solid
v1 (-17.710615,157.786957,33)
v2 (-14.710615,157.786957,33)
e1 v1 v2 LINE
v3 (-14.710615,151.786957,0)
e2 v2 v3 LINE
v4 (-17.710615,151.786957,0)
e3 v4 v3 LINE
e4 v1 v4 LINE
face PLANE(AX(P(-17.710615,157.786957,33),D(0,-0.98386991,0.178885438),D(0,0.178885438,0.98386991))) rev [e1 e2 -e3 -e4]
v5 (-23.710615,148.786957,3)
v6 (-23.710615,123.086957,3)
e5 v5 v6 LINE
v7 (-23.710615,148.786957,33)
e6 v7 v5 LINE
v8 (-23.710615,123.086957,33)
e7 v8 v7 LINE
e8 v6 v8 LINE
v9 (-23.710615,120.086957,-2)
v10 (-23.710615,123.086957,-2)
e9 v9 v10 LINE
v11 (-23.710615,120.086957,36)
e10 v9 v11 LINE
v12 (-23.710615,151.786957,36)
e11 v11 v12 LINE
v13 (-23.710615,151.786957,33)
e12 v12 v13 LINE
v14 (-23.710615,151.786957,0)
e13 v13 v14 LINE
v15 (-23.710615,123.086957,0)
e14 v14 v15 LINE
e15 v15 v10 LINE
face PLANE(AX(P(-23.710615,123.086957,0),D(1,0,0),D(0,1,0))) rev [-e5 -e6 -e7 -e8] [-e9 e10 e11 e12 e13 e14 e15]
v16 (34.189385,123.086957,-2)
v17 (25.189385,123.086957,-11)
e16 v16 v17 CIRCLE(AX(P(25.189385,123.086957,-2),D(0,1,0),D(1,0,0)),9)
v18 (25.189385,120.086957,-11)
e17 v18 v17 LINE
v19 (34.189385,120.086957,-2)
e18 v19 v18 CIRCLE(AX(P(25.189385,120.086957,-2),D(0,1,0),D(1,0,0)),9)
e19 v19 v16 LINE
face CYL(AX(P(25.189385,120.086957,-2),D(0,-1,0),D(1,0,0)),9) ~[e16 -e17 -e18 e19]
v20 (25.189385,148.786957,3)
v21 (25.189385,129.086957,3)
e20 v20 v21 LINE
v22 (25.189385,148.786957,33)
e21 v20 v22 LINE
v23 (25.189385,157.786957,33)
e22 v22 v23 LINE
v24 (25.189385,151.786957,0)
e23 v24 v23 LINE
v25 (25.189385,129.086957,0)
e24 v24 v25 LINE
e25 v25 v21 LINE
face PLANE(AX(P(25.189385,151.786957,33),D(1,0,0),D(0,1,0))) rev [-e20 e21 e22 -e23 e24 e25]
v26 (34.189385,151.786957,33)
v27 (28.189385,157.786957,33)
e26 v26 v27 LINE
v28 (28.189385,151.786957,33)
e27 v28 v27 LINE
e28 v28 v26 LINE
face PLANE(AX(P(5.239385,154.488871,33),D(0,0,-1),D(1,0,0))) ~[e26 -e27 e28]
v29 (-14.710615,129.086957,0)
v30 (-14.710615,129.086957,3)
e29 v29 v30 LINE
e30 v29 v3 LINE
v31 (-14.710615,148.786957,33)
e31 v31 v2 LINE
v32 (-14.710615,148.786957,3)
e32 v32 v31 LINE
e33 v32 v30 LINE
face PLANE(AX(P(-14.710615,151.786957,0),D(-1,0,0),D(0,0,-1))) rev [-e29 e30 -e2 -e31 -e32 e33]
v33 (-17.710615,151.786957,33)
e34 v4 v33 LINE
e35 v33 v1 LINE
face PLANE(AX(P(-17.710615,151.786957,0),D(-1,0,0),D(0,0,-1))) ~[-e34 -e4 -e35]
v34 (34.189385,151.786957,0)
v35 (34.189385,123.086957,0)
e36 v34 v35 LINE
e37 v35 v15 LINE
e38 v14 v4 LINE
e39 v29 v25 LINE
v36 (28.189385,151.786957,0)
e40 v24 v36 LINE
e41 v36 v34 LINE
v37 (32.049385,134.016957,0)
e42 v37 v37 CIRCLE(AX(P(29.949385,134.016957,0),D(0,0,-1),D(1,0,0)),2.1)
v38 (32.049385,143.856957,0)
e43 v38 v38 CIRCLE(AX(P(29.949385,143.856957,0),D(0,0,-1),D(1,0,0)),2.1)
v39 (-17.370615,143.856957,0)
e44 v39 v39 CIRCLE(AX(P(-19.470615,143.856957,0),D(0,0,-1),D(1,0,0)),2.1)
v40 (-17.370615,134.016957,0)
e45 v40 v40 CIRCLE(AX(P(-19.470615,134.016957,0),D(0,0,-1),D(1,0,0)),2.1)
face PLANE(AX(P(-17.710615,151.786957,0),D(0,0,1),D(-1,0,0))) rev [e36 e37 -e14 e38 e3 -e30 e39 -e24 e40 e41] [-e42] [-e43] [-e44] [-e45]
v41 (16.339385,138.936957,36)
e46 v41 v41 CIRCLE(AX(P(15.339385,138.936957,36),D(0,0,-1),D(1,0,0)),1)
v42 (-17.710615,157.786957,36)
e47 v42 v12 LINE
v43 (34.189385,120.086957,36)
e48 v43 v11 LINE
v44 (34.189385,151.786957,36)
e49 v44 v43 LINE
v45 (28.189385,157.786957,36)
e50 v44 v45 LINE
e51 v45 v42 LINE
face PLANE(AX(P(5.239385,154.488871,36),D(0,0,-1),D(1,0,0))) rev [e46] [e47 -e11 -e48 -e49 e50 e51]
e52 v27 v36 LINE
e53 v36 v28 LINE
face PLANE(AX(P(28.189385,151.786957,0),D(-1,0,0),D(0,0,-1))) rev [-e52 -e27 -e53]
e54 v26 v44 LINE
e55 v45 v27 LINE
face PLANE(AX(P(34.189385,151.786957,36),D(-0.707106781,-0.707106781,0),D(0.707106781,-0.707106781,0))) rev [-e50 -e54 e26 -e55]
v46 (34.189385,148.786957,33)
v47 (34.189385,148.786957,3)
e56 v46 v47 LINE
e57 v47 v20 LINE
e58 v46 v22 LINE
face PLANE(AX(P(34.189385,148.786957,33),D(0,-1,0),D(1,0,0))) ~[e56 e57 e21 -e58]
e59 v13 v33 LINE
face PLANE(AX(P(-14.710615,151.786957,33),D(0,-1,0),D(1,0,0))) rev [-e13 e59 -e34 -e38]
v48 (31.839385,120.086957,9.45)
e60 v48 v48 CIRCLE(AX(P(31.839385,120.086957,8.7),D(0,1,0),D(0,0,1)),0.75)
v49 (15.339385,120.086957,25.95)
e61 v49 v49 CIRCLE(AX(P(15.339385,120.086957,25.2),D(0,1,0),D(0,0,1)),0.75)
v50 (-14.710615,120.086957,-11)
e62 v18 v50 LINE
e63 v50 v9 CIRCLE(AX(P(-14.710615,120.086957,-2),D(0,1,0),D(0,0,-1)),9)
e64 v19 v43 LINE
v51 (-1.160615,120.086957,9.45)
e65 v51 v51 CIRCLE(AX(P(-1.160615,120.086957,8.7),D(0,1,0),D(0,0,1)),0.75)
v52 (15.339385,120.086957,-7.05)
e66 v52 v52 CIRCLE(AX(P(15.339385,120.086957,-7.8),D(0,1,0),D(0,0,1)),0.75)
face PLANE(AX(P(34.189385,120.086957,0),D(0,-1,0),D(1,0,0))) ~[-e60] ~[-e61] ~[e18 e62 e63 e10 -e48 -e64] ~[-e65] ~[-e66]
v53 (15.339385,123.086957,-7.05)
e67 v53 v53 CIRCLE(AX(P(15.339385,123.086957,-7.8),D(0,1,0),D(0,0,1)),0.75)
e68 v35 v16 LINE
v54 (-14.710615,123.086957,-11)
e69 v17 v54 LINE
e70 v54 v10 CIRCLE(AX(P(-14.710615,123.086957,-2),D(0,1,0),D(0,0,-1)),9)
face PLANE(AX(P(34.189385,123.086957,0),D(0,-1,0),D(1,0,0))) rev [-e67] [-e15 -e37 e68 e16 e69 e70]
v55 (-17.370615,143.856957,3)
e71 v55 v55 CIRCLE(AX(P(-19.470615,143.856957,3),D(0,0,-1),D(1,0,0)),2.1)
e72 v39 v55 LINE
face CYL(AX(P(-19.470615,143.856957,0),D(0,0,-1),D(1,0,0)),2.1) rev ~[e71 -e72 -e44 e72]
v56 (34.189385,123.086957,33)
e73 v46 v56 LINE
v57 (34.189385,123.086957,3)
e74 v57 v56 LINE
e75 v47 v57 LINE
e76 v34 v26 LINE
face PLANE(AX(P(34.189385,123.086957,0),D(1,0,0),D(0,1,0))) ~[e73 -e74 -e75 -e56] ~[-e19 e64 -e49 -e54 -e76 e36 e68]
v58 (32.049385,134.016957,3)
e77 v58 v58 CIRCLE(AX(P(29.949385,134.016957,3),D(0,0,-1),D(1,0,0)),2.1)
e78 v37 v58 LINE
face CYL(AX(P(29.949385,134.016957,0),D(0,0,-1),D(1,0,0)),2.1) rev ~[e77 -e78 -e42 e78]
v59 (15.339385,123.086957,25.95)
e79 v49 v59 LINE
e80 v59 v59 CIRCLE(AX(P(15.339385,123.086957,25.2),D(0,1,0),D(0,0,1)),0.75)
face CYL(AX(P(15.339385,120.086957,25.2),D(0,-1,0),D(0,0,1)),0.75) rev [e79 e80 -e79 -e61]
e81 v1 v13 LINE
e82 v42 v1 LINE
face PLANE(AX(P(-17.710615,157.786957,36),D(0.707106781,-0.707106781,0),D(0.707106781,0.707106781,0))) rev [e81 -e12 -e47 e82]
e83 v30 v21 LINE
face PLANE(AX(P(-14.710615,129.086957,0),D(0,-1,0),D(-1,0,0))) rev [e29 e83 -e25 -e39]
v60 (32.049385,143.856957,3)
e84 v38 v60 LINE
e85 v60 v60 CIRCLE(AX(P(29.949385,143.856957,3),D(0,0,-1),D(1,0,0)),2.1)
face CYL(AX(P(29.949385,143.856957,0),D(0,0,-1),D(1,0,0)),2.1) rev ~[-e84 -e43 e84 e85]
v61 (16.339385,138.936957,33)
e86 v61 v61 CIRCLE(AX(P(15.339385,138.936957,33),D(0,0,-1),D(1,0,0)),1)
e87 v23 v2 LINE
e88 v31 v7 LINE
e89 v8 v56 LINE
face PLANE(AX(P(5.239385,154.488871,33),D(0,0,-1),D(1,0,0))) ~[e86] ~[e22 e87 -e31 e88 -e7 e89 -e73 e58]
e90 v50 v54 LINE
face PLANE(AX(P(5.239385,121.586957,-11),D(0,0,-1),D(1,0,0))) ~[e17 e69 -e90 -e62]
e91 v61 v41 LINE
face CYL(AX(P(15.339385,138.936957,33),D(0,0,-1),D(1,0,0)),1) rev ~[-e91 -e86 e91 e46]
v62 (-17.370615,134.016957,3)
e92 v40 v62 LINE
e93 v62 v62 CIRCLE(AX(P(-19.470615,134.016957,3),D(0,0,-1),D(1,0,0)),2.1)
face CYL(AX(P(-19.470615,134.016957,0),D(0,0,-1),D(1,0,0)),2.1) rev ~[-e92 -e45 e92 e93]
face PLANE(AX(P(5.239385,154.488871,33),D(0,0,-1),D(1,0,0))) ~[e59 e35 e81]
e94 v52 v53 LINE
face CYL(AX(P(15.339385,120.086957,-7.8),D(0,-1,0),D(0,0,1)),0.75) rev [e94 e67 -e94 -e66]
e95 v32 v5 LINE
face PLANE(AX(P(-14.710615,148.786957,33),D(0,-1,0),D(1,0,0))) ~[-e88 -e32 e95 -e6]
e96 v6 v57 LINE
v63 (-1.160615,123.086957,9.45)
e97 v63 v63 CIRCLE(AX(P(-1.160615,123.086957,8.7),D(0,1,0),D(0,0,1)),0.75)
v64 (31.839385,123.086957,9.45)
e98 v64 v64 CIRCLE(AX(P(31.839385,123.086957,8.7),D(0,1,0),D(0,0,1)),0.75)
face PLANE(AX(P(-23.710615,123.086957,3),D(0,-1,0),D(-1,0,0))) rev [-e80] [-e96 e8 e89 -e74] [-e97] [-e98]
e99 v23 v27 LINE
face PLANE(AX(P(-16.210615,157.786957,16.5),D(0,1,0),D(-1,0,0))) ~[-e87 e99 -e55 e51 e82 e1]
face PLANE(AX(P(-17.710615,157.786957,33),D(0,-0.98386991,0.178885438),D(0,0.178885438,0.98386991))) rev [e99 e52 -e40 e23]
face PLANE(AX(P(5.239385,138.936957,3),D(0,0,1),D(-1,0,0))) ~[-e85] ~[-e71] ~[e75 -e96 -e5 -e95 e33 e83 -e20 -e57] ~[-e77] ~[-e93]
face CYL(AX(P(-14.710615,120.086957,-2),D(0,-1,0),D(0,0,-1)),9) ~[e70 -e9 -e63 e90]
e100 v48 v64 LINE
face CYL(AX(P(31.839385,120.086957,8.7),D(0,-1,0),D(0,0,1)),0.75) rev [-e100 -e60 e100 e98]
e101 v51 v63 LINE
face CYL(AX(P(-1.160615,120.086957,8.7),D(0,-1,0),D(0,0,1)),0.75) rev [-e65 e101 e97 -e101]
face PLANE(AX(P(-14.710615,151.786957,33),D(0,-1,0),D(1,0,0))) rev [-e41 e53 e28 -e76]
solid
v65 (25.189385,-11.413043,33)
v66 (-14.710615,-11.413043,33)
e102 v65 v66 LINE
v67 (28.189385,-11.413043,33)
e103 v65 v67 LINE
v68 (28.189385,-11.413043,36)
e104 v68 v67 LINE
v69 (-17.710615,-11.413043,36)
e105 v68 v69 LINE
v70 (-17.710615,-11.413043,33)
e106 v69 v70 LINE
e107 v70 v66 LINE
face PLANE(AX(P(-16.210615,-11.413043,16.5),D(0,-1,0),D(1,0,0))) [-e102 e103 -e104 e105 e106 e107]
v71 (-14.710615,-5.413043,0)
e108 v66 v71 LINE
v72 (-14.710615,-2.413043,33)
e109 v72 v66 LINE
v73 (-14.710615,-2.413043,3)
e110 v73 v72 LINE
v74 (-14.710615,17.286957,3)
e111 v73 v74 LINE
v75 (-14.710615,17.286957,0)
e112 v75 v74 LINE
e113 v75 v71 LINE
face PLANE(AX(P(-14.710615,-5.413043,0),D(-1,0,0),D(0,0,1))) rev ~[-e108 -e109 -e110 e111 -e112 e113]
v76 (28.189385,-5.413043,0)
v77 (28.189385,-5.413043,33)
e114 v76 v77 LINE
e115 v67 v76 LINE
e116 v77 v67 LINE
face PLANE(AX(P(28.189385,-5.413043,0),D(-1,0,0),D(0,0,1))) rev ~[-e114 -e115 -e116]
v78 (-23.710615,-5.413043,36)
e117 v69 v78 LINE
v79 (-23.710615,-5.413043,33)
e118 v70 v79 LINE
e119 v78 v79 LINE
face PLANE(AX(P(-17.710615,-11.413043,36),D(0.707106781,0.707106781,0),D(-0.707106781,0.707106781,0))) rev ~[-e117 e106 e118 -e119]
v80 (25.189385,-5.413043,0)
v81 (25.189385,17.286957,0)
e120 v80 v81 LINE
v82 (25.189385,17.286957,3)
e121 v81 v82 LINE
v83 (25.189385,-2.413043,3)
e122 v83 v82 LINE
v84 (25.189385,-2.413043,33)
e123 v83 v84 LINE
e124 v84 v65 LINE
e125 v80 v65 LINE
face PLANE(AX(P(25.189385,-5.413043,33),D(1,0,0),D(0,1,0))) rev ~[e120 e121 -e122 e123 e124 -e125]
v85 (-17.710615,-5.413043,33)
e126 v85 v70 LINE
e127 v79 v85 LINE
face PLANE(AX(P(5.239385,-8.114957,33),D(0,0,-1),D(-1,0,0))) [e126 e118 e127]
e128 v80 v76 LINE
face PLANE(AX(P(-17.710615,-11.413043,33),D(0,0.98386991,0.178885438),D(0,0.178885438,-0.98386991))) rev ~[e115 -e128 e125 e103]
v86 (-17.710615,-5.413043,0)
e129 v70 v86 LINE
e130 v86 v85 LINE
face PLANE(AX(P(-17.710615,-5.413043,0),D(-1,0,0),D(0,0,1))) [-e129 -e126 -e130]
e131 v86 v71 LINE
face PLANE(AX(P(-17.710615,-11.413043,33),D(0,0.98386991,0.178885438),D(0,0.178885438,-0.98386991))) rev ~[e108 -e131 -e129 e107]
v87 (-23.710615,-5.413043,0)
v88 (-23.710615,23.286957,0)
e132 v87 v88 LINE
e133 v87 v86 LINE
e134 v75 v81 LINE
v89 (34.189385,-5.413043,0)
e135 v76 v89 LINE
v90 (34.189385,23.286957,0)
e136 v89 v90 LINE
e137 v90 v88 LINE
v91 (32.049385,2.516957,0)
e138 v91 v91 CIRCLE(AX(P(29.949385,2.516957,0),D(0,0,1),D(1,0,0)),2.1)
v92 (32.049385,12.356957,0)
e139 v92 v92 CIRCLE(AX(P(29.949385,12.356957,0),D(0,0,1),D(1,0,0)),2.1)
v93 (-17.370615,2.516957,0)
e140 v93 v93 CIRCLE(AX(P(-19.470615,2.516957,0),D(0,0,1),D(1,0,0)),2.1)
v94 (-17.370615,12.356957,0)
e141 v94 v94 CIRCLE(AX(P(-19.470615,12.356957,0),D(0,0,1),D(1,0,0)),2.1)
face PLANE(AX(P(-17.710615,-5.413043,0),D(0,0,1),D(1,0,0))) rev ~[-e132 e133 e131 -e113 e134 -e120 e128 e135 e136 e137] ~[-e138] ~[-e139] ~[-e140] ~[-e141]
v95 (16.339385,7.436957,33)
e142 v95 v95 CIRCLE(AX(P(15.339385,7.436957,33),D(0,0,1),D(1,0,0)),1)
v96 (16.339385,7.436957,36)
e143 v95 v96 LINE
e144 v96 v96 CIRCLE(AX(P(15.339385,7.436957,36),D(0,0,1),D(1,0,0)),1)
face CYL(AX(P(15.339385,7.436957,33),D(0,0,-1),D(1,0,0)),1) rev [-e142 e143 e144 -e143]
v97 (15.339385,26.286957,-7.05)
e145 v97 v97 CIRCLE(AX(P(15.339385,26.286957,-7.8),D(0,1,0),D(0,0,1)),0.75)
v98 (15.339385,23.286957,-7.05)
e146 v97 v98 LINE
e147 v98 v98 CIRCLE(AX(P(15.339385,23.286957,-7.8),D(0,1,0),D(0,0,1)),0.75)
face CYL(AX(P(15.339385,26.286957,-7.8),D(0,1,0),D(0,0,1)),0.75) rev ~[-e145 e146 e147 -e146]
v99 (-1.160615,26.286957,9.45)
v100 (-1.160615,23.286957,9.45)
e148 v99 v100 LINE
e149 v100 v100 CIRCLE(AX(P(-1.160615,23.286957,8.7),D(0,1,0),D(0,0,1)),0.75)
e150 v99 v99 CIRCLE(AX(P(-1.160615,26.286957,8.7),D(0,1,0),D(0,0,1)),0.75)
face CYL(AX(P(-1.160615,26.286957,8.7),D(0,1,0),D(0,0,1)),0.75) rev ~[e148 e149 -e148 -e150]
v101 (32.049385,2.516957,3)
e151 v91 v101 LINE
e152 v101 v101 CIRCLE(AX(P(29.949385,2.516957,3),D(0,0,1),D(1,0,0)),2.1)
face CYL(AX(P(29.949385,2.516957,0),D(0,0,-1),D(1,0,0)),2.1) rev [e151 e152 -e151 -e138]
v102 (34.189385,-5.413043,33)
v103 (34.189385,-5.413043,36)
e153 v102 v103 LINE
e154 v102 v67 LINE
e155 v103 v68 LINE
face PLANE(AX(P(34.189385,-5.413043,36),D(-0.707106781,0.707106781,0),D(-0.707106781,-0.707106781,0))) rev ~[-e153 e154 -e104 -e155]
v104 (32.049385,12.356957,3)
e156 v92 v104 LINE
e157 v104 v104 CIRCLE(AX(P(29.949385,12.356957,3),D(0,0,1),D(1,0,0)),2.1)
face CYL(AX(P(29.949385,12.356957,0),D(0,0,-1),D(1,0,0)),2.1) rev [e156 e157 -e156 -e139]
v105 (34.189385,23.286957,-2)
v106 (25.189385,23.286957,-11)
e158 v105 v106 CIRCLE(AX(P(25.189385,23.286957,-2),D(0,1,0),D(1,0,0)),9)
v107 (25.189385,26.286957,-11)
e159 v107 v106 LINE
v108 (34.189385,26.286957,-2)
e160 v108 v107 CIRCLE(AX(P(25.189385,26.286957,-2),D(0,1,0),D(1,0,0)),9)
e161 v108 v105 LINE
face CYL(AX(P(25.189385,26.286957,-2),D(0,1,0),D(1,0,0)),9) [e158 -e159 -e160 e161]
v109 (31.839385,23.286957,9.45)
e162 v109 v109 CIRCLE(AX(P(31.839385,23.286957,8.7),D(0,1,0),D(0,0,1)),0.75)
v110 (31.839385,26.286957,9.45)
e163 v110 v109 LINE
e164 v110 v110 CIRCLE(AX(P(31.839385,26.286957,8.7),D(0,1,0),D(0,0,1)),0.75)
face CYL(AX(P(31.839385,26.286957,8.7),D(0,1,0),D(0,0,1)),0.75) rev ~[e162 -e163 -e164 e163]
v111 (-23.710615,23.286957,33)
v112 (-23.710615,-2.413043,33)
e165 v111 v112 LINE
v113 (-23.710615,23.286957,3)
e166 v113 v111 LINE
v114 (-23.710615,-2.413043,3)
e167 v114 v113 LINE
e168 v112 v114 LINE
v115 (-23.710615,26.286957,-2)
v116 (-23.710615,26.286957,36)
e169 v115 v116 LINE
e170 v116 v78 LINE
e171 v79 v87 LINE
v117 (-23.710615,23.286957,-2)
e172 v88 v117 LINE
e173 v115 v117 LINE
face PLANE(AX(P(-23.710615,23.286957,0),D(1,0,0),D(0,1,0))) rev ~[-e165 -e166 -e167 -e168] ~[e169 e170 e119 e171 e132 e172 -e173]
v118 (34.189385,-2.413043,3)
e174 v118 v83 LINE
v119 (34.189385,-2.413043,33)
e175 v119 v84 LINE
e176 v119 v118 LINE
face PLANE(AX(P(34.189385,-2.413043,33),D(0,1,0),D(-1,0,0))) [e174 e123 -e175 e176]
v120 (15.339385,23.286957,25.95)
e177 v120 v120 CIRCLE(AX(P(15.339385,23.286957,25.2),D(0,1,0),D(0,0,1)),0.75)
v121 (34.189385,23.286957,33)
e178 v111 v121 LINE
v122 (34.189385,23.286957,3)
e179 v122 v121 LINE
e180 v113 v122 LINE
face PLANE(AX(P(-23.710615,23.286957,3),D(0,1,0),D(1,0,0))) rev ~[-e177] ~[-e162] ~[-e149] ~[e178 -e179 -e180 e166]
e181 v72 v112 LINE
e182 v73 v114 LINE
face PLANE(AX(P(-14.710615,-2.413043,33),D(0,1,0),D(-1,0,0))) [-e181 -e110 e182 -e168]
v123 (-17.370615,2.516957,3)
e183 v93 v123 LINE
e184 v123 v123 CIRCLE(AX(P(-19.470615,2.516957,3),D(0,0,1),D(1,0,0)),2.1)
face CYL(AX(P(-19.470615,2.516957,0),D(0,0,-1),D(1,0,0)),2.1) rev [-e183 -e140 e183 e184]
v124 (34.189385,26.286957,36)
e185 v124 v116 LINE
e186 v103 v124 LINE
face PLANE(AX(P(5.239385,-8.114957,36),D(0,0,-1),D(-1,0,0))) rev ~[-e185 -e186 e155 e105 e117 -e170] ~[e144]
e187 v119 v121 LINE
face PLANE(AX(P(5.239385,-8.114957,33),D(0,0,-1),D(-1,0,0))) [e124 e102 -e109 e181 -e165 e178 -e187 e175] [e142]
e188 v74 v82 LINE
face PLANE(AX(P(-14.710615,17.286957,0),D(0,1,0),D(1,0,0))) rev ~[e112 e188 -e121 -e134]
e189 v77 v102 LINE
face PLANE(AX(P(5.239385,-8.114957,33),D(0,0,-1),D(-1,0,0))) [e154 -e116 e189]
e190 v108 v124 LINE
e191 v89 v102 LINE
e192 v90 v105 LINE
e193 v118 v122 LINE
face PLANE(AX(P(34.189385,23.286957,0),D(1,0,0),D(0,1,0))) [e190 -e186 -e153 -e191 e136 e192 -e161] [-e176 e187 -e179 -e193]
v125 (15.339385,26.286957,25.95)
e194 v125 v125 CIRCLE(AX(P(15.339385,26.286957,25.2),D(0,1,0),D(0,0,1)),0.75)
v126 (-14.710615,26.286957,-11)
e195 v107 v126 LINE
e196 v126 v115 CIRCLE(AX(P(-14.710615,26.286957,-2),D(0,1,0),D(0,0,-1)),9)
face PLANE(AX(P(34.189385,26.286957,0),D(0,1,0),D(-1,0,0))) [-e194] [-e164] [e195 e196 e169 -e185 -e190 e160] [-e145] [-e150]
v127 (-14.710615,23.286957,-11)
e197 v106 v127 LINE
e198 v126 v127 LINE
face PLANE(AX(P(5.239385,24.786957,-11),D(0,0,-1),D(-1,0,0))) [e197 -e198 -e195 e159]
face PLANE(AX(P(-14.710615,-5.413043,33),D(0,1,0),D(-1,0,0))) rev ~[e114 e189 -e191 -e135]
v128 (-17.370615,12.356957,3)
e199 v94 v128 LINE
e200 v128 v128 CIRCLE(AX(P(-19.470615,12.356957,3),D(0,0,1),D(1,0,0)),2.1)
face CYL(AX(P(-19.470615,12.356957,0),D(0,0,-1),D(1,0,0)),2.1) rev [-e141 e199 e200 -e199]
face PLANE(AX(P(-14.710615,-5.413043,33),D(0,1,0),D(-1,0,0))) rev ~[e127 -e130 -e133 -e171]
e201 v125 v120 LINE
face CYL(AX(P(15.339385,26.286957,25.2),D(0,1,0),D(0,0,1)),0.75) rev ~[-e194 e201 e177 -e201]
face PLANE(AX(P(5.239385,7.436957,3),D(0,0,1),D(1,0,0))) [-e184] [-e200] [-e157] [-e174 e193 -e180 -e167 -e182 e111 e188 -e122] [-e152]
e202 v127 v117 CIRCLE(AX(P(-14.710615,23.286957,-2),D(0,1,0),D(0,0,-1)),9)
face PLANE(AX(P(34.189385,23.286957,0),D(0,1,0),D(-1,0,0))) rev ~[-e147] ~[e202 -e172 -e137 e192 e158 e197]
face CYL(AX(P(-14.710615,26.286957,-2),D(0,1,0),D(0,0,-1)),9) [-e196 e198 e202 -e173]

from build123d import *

# Parameters (mm, degrees)
SKETCH_1_W          = 57.9
SKETCH_1_H          = 37.7
SKETCH_1_R          = 2.1
SKETCH_1_W_2        = 39.9
SKETCH_1_H_2        = 19.7
EXTRUDE_1_DEPTH     = 3
SKETCH_2_W          = 57.9
SKETCH_2_H          = 3
EXTRUDE_2_DEPTH     = 30
SKETCH_3_R          = 1
EXTRUDE_3_DEPTH     = 3
SKETCH_9_W          = 57.9
SKETCH_9_H          = 3
EXTRUDE_4_DEPTH     = 11
SKETCH_10_R         = 0.75
CUT_EXTRUDE_3_DEPTH = 3
SKETCH_11_W         = 9
SKETCH_11_H         = 3
EXTRUDE_5_DEPTH     = 32
CUT_EXTRUDE_4_DEPTH = 9
EXTRUDE_6_DEPTH     = 3
SKETCH_17_W         = 3
SKETCH_17_H         = 33
EXTRUDE_7_DEPTH     = 6
CUT_EXTRUDE_5_DEPTH = 52


with BuildPart() as part:
    # 草图1 → 凸台-拉伸1 (new body)
    with BuildSketch(Plane.XY):
        with Locations((5.239385195, 7.436956636)):
            Rectangle(SKETCH_1_W, SKETCH_1_H)
        with Locations((-19.470614805, 12.356956636)):
            Circle(SKETCH_1_R, mode=Mode.SUBTRACT)
        with Locations((-19.470614805, 2.516956636)):
            Circle(SKETCH_1_R, mode=Mode.SUBTRACT)
        with Locations((29.949385195, 12.356956636)):
            Circle(SKETCH_1_R, mode=Mode.SUBTRACT)
        with Locations((29.949385195, 2.516956636)):
            Circle(SKETCH_1_R, mode=Mode.SUBTRACT)
        with Locations((5.239385195, 7.436956636)):
            Rectangle(SKETCH_1_W_2, SKETCH_1_H_2, mode=Mode.SUBTRACT)
    extrude(amount=EXTRUDE_1_DEPTH)

    # 草图2 → 凸台-拉伸2 (add)
    with BuildSketch(Plane.XY.offset(3)):
        with Locations((5.239385195, 24.786956636)):
            Rectangle(SKETCH_2_W, SKETCH_2_H)
    extrude(amount=EXTRUDE_2_DEPTH)

    # 草图3 → 凸台-拉伸3 (add)
    with BuildSketch(Plane.XY.offset(33)):
        Polygon((-14.710614805, 26.286956636), (-23.710614805, 26.286956636), (-23.710614805, -2.413043364), (-23.710614805, -5.413043364), (34.189385195, -5.413043364), (34.189385195, -2.413043364), (34.189385195, 26.286956636), (25.189385195, 26.286956636), align=None)
        with Locations((15.339385195, 7.436956636)):
            Circle(SKETCH_3_R, mode=Mode.SUBTRACT)
    extrude(amount=EXTRUDE_3_DEPTH)

    # 草图9 → 凸台-拉伸4 (add)
    with BuildSketch(Plane(origin=(0, 0, 0), x_dir=(-1, 0, 0), z_dir=(0, 0, -1))):
        with Locations((-5.239385195, 24.786956636)):
            Rectangle(SKETCH_9_W, SKETCH_9_H)
    extrude(amount=EXTRUDE_4_DEPTH)

    # 草图10 → 切除-拉伸3 (cut)
    with BuildSketch(Plane(origin=(0, 26.286956636, 0), x_dir=(1, 0, 0), z_dir=(0, 1, 0))):
        with Locations(Location((15.339385195, 7.8, 0), (0, 0, 270))):
            Circle(SKETCH_10_R)
        with Locations(Location((31.839385195, -8.7, 0), (0, 0, 270))):
            Circle(SKETCH_10_R)
        with Locations(Location((15.339385195, -25.2, 0), (0, 0, 270))):
            Circle(SKETCH_10_R)
        with Locations(Location((-1.160614805, -8.7, 0), (0, 0, 270))):
            Circle(SKETCH_10_R)
        with BuildLine():
            Line((-23.710614805, 2), (-23.710614805, 11))
            Line((-23.710614805, 11), (-14.710614805, 11))
            ThreePointArc((-14.710614805, 11), (-21.074575836, 8.363961031), (-23.710614805, 2))
        make_face()
        with BuildLine():
            Line((25.189385195, 11), (34.189385195, 11))
            Line((34.189385195, 11), (34.189385195, 2))
            ThreePointArc((34.189385195, 2), (31.553346226, 8.363961031), (25.189385195, 11))
        make_face()
    extrude(amount=-CUT_EXTRUDE_3_DEPTH, mode=Mode.SUBTRACT)


with BuildPart() as body_2:
    # 镜向1: mirrored copy
    add(part.part.mirror(Plane.ZX.offset(73.186956636)))


with BuildPart() as part_1:
    add(part.part)

    # 草图11 → 凸台-拉伸5 (add)
    with BuildSketch(Plane(origin=(0, 0, 33), x_dir=(-1, 0, 0), z_dir=(0, 0, -1))):
        with Locations((19.210614805, -3.913043364)):
            Rectangle(SKETCH_11_W, SKETCH_11_H)
        with Locations((-29.689385195, -3.913043364)):
            Rectangle(SKETCH_11_W, SKETCH_11_H)
    extrude(amount=EXTRUDE_5_DEPTH)

    # 草图12 → 切除-拉伸4 (cut)
    with BuildSketch(Plane(origin=(0, 0, 0), x_dir=(-1, 0, 0), z_dir=(0, 0, -1))):
        Polygon((-25.189385195, -2.413043364), (-25.189385195, -5.413043364), (-34.189385195, -5.413043364), (-34.189385195, -11.413043364), (23.710614805, -11.413043364), (23.710614805, -5.413043364), (14.710614805, -5.413043364), (14.710614805, -2.413043364), align=None)
    extrude(amount=-CUT_EXTRUDE_4_DEPTH, mode=Mode.SUBTRACT)

    # 草图13 → 凸台-拉伸6 (add)
    with BuildSketch(Plane.XY.offset(36)):
        Polygon((-23.710614805, -5.413043364), (34.189385195, -5.413043364), (28.189385195, -11.413043364), (-17.710614805, -11.413043364), align=None)
    extrude(amount=-EXTRUDE_6_DEPTH)

    # 草图17 → 凸台-拉伸7 (add)
    with BuildSketch(Plane.XZ.offset(5.413043364)):
        with Locations((-16.210614805, 16.5)):
            Rectangle(SKETCH_17_W, SKETCH_17_H)
        with Locations((26.689385195, 16.5)):
            Rectangle(SKETCH_17_W, SKETCH_17_H)
    extrude(amount=EXTRUDE_7_DEPTH)

    # 草图19 → 切除-拉伸5 (cut)
    with BuildSketch(Plane.ZY.offset(17.710614805)):
        Polygon((0, -5.413043364), (0, -11.413043364), (33, -11.413043364), align=None)
    extrude(amount=-CUT_EXTRUDE_5_DEPTH, mode=Mode.SUBTRACT)


with BuildPart() as body_2_2:
    # 镜向2: mirrored copy
    add(part_1.part.mirror(Plane.ZX.offset(73.186956636)))


solid = Compound([part_1.part, body_2_2.part])
